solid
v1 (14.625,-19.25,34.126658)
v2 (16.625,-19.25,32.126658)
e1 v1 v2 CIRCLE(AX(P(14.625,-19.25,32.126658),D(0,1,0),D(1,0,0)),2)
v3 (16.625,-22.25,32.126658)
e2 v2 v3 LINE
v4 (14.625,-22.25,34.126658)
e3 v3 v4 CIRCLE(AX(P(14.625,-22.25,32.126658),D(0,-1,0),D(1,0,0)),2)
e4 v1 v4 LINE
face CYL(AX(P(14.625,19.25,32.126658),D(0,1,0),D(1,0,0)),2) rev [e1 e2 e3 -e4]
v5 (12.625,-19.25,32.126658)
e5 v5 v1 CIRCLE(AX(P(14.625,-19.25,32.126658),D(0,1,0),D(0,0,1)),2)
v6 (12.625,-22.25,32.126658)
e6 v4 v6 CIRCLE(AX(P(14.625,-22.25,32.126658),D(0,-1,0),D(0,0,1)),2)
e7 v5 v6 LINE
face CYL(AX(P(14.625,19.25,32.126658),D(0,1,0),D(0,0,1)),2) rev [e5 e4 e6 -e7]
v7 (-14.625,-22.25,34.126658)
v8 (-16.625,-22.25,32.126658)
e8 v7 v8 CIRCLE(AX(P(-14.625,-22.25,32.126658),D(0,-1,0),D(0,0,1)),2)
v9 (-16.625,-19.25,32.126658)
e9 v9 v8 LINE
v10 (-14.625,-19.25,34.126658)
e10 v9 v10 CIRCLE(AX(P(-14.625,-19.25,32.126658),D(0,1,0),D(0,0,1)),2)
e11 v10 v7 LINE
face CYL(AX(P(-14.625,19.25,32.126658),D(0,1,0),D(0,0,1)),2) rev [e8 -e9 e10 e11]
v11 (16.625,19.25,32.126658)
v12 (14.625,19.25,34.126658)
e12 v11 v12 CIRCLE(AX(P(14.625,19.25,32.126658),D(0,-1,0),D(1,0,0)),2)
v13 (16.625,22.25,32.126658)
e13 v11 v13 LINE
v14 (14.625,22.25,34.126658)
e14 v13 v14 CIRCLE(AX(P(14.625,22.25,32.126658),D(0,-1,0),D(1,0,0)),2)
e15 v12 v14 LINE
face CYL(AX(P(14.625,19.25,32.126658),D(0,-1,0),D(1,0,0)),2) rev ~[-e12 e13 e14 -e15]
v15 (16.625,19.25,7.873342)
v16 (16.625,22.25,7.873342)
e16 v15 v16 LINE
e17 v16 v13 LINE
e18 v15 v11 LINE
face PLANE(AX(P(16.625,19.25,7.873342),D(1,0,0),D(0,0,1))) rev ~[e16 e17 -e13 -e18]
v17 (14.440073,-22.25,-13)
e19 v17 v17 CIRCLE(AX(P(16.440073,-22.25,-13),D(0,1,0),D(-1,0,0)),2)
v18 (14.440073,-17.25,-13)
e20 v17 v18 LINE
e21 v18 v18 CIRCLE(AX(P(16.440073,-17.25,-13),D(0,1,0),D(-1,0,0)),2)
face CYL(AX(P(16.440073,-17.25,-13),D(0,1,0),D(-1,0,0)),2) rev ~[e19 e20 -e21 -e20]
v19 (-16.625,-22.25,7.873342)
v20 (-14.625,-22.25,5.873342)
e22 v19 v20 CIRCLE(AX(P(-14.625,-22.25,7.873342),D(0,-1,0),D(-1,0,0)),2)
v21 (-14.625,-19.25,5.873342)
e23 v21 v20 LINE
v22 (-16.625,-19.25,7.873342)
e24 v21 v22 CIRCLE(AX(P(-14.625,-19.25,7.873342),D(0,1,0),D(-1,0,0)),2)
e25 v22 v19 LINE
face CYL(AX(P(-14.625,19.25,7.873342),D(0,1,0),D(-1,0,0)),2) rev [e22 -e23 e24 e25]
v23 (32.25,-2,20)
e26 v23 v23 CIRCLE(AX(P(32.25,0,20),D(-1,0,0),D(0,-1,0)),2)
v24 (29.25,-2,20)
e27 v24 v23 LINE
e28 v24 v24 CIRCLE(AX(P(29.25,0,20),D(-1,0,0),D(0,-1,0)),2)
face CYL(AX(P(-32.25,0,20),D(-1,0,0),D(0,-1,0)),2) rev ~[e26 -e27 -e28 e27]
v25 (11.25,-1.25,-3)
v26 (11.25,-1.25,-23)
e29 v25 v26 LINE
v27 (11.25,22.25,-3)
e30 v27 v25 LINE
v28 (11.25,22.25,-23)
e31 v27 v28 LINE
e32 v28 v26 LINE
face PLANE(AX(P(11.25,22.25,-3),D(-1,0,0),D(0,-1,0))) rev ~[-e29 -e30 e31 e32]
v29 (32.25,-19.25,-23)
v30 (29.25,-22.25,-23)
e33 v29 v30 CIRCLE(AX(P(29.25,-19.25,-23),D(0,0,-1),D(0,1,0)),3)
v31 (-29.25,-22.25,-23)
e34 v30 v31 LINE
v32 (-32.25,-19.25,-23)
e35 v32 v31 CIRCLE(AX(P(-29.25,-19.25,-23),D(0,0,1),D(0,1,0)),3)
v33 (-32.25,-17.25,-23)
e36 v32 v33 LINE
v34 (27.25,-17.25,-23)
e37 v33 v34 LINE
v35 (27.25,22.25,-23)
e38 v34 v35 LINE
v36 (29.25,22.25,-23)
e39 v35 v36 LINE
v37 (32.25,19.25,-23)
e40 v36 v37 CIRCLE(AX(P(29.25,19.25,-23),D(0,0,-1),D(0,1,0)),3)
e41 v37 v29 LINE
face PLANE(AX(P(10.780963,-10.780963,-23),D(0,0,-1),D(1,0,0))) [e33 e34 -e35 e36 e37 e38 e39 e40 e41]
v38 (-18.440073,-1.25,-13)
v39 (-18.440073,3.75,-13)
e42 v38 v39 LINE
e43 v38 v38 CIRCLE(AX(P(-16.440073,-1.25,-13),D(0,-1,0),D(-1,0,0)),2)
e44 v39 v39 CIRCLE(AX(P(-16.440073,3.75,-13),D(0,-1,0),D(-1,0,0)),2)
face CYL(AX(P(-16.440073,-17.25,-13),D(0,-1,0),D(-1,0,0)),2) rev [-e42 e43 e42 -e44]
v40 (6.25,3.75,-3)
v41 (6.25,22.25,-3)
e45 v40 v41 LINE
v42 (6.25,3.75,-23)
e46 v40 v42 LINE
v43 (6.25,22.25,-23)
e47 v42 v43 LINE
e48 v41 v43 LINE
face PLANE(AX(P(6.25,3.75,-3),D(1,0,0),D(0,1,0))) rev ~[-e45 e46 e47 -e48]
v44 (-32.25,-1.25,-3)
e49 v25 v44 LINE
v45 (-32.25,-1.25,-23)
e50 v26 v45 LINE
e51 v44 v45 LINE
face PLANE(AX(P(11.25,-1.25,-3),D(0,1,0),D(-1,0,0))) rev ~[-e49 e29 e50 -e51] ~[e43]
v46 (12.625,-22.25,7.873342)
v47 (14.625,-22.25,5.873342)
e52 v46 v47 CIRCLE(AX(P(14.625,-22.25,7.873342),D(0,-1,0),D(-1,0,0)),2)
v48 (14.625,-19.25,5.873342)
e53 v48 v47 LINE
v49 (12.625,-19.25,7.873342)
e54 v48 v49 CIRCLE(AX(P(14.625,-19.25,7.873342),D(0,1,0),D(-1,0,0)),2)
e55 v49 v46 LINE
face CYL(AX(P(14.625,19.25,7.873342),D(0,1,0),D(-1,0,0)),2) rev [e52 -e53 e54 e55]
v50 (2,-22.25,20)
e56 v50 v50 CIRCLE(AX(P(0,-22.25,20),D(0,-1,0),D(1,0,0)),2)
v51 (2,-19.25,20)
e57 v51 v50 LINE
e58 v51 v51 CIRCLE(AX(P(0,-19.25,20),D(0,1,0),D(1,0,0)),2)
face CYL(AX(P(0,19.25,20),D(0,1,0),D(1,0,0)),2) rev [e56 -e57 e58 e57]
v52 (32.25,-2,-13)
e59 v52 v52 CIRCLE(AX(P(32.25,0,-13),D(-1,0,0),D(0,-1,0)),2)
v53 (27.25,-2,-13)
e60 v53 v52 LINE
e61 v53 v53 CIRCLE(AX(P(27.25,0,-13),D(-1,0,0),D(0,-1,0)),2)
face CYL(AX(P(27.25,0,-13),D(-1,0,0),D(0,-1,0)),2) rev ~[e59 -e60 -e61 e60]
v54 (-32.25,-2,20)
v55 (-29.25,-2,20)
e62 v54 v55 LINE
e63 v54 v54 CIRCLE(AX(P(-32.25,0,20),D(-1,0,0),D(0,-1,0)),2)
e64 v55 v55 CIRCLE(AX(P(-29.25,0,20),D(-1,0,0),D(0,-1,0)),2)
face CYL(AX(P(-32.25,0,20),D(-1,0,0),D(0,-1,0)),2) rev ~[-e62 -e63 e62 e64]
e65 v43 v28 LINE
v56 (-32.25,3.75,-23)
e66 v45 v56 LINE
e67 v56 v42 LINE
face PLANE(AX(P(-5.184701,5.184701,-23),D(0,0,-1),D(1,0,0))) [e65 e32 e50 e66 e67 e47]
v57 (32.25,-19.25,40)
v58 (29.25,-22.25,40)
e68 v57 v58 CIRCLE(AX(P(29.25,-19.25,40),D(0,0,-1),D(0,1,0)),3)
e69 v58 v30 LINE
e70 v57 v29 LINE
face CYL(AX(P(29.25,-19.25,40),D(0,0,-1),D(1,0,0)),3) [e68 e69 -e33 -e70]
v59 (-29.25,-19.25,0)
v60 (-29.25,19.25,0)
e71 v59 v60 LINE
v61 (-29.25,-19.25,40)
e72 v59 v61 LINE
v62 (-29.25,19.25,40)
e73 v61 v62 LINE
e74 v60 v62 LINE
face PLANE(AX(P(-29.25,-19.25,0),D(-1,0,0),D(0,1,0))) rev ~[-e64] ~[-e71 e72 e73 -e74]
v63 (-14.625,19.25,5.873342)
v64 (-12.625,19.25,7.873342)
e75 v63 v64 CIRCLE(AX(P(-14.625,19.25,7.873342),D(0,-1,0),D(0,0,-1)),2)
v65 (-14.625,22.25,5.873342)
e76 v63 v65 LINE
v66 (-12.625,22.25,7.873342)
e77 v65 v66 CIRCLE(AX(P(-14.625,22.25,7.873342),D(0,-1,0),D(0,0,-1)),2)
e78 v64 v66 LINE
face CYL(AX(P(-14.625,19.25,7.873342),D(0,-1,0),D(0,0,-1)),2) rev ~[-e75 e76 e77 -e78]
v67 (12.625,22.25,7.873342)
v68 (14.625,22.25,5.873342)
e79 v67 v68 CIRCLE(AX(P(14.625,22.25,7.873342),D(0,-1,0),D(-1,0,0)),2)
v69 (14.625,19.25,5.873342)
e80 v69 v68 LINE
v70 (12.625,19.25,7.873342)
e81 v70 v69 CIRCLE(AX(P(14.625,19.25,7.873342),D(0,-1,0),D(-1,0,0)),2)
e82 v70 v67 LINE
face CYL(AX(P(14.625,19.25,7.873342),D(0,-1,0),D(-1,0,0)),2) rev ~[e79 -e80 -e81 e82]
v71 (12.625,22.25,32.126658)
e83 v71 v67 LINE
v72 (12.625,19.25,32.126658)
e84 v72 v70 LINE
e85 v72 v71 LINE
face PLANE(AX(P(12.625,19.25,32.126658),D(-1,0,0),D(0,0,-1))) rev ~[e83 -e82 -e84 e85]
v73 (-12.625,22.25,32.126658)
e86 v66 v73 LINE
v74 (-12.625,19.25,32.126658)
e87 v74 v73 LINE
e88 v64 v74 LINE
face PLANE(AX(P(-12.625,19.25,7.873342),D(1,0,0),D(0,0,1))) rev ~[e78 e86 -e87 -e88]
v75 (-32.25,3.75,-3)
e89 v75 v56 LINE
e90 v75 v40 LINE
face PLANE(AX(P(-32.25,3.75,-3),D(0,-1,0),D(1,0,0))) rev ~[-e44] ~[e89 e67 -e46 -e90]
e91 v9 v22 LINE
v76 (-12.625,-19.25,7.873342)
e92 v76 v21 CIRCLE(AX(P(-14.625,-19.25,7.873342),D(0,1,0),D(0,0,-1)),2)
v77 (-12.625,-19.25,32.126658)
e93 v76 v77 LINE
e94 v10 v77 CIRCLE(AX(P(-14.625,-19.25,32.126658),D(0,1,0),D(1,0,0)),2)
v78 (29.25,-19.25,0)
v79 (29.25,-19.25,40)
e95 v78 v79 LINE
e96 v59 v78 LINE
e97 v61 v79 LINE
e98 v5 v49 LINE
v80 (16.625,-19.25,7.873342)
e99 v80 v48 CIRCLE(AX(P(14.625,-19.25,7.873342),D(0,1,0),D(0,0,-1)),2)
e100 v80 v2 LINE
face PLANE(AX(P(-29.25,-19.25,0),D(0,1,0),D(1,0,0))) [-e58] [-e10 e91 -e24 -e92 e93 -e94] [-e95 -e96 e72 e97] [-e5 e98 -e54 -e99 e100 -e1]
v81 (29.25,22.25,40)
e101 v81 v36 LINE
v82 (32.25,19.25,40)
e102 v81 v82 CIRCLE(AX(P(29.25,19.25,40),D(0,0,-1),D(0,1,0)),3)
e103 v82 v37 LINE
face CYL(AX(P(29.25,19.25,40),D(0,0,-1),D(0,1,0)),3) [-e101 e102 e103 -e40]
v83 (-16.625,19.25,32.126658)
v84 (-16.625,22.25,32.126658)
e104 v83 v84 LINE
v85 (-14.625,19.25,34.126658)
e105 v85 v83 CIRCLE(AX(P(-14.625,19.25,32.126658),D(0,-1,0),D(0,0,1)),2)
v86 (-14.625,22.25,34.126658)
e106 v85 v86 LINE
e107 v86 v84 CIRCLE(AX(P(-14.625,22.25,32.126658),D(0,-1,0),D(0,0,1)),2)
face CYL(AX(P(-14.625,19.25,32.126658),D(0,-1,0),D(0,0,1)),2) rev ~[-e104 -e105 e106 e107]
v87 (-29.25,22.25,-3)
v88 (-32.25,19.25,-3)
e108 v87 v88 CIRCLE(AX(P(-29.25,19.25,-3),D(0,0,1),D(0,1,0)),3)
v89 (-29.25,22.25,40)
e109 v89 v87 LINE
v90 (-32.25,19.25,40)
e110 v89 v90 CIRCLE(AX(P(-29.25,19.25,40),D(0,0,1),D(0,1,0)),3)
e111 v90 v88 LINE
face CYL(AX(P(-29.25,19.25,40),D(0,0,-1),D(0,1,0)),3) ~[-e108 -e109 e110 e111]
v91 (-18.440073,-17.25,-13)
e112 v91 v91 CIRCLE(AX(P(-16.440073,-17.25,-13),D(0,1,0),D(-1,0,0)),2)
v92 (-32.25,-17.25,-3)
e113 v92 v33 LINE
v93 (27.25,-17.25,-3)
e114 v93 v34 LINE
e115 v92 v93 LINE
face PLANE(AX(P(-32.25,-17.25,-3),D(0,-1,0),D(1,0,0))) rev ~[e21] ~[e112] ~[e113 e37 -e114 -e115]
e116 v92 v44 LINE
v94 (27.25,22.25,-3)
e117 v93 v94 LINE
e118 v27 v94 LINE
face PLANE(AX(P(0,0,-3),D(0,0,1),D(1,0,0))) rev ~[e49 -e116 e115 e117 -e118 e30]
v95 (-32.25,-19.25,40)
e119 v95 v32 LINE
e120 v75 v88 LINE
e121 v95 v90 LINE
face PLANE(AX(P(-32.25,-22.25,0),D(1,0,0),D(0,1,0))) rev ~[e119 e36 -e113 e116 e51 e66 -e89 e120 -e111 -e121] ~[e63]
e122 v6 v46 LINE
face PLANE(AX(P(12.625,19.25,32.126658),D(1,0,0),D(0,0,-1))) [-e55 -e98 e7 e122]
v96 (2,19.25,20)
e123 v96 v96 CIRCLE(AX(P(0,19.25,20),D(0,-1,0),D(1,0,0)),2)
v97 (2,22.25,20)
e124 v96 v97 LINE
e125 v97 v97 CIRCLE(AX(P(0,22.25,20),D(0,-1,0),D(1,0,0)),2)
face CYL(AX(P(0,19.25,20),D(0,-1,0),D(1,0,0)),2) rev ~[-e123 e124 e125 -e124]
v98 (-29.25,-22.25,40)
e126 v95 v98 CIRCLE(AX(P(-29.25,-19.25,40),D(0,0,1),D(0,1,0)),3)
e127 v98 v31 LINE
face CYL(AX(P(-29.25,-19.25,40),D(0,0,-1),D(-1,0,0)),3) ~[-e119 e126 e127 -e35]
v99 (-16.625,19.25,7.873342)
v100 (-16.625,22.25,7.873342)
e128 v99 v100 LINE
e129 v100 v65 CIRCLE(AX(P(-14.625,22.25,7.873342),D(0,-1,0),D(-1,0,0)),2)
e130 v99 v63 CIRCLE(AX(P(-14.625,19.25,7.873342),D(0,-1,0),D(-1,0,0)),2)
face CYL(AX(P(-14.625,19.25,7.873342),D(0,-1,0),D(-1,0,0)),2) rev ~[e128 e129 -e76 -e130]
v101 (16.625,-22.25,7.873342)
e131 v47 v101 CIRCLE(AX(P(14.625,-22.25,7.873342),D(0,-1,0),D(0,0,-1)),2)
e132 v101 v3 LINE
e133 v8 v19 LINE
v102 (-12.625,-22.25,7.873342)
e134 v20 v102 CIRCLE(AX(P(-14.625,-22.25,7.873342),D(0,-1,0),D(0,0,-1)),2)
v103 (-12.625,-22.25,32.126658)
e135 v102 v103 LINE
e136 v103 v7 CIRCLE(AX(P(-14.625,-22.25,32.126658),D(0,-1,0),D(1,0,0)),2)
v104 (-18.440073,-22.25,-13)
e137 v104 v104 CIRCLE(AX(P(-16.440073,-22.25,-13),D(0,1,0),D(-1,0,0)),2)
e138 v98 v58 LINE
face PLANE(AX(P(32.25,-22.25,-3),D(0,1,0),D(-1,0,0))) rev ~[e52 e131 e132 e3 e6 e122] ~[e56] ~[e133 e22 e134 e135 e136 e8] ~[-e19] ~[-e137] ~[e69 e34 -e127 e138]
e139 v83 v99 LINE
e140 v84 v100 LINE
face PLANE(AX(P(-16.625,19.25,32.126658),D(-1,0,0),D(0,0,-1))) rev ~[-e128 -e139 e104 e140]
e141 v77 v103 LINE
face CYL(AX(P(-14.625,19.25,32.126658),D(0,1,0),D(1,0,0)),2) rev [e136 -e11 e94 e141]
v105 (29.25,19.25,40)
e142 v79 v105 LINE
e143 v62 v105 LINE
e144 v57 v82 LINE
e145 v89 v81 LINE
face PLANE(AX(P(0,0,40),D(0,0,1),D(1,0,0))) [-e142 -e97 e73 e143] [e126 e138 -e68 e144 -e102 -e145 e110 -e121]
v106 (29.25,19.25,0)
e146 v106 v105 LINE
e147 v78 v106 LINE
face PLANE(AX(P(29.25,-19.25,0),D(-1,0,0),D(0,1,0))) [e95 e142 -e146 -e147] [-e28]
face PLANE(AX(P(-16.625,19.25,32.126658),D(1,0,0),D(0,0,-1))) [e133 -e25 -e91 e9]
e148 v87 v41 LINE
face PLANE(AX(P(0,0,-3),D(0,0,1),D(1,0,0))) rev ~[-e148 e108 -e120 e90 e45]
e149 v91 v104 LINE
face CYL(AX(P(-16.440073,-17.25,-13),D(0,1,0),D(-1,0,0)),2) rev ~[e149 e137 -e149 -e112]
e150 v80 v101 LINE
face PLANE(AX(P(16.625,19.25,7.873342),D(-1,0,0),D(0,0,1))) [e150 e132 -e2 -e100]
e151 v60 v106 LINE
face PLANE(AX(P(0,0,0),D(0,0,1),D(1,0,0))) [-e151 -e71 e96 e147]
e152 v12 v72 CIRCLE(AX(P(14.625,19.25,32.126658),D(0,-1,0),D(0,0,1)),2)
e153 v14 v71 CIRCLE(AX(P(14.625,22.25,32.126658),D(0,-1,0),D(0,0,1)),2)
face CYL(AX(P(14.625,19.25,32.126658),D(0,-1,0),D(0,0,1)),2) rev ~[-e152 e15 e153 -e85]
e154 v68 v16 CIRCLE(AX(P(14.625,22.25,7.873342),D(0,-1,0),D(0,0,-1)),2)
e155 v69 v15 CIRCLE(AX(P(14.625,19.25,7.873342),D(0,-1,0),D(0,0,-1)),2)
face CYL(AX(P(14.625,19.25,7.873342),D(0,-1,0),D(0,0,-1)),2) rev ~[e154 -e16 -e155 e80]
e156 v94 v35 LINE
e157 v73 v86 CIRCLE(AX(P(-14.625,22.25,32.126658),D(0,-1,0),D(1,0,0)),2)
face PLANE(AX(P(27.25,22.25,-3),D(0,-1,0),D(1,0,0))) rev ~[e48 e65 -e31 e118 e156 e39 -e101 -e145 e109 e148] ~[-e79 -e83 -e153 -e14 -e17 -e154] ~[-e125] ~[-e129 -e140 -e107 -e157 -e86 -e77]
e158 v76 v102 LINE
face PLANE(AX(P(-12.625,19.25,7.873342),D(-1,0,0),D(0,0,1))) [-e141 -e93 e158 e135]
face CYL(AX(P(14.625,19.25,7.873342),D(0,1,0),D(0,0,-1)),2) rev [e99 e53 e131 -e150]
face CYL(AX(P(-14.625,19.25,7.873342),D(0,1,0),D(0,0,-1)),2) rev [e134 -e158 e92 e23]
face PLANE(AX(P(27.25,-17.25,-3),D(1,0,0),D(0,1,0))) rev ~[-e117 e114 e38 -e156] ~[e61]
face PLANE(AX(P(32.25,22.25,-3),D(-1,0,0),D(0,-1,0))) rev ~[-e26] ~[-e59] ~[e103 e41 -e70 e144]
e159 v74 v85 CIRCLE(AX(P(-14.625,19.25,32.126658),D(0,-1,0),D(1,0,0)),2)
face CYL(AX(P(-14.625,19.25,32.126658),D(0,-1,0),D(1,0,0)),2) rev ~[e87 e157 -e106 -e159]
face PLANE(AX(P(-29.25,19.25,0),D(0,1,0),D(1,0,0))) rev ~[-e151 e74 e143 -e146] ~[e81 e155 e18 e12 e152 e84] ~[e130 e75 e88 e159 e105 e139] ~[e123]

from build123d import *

# Parameters (mm, degrees)
F0_W          = 64.5
F0_H          = 44.5
F0_W_2        = 58.5
F0_H_2        = 38.5
F1_DEPTH      = 40
F2_DEPTH      = 3
F4_DEPTH      = 20
F5_R          = 2
F6_DEPTH      = 3.001
F6_DEPTH_BACK = 41.5
F7_R          = 3
F8_R          = 2
F9_DEPTH      = 25
F10_R         = 2
F11_DEPTH     = 25
F12_R         = 2
F13_DEPTH     = 64.501


with BuildPart() as f1:
    # F0 (on Top) → F1 (new body)
    with BuildSketch(Plane.XY):
        Rectangle(F0_W, F0_H)
        Rectangle(F0_W_2, F0_H_2, mode=Mode.SUBTRACT)
    extrude(amount=F1_DEPTH)

    # F0 (on Top) → F2 (join)
    with BuildSketch(Plane.XY):
        Rectangle(F0_W, F0_H)
        Rectangle(F0_W_2, F0_H_2, mode=Mode.SUBTRACT)
        Rectangle(F0_W_2, F0_H_2)
    extrude(amount=-F2_DEPTH)

    # F3 (on face) → F4 (join)
    with BuildSketch(Plane(origin=(0, 0, -3), x_dir=(1, 0, 0), z_dir=(0, 0, -1))):
        Polygon((27.25, -22.25), (32.25, -22.25), (32.25, 22.25), (-32.25, 22.25), (-32.25, 17.25), (27.25, 17.25), align=None)
        Polygon((11.25, 1.25), (-32.25, 1.25), (-32.25, -3.75), (6.25, -3.75), (6.25, -22.25), (11.25, -22.25), align=None)
    extrude(amount=F4_DEPTH)

    # F5 (on face) → F6 (cut, two sides)
    with BuildSketch(Plane.XZ.offset(-19.25)) as f6_sk:
        with BuildLine():
            ThreePointArc((14.625, 5.8733418593), (16.0392135624, 6.4591282969), (16.625, 7.8733418593))
            Line((16.625, 7.8733418593), (16.625, 32.1266581407))
            ThreePointArc((16.625, 32.1266581407), (16.0392135624, 33.5408717031), (14.625, 34.1266581407))
            ThreePointArc((14.625, 34.1266581407), (13.2107864376, 33.5408717031), (12.625, 32.1266581407))
            Line((12.625, 32.1266581407), (12.625, 7.8733418593))
            ThreePointArc((12.625, 7.8733418593), (13.2107864376, 6.4591282969), (14.625, 5.8733418593))
        make_face()
        with BuildLine():
            ThreePointArc((-12.625, 32.1266581407), (-13.2107864376, 33.5408717031), (-14.625, 34.1266581407))
            ThreePointArc((-14.625, 34.1266581407), (-16.0392135624, 33.5408717031), (-16.625, 32.1266581407))
            Line((-16.625, 32.1266581407), (-16.625, 7.8733418593))
            ThreePointArc((-16.625, 7.8733418593), (-16.0392135624, 6.4591282969), (-14.625, 5.8733418593))
            ThreePointArc((-14.625, 5.8733418593), (-13.2107864376, 6.4591282969), (-12.625, 7.8733418593))
            Line((-12.625, 7.8733418593), (-12.625, 32.1266581407))
        make_face()
        with Locations((0, 20)):
            Circle(F5_R)
    extrude(amount=-F6_DEPTH, mode=Mode.SUBTRACT)
    extrude(f6_sk.sketch, amount=F6_DEPTH_BACK, mode=Mode.SUBTRACT)

    # F7
    f7_edges = [f1.edges().sort_by_distance(p)[0] for p in [
        (-32.25, 22.25, 18.5),
        (-32.25, -22.25, 8.5),
        (32.25, 22.25, 8.5),
        (32.25, -22.25, 8.5),
    ]]
    fillet(f7_edges, radius=F7_R)

    # F8 (on face) → F9 (cut, symmetric)
    with BuildSketch(Plane(origin=(0, -17.25, 0), x_dir=(-1, 0, 0), z_dir=(0, 1, 0))):
        with Locations((16.4400730282, -13)):
            Circle(F8_R)
        with Locations((-16.4400730282, -13)):
            Circle(F8_R)
    extrude(amount=F9_DEPTH, both=True, mode=Mode.SUBTRACT)

    # F10 (on face) → F11 (cut)
    with BuildSketch(Plane(origin=(27.25, 0, 0), x_dir=(0, -1, 0), z_dir=(-1, 0, 0))):
        with Locations((0, -13)):
            Circle(F10_R)
    extrude(amount=-F11_DEPTH, mode=Mode.SUBTRACT)

    # F12 (on face) → F13 (cut, through all)
    with BuildSketch(Plane(origin=(-32.25, 0, 0), x_dir=(0, -1, 0), z_dir=(-1, 0, 0))):
        with Locations((0, 20)):
            Circle(F12_R)
    extrude(amount=-F13_DEPTH, mode=Mode.SUBTRACT)


solid = f1.part
